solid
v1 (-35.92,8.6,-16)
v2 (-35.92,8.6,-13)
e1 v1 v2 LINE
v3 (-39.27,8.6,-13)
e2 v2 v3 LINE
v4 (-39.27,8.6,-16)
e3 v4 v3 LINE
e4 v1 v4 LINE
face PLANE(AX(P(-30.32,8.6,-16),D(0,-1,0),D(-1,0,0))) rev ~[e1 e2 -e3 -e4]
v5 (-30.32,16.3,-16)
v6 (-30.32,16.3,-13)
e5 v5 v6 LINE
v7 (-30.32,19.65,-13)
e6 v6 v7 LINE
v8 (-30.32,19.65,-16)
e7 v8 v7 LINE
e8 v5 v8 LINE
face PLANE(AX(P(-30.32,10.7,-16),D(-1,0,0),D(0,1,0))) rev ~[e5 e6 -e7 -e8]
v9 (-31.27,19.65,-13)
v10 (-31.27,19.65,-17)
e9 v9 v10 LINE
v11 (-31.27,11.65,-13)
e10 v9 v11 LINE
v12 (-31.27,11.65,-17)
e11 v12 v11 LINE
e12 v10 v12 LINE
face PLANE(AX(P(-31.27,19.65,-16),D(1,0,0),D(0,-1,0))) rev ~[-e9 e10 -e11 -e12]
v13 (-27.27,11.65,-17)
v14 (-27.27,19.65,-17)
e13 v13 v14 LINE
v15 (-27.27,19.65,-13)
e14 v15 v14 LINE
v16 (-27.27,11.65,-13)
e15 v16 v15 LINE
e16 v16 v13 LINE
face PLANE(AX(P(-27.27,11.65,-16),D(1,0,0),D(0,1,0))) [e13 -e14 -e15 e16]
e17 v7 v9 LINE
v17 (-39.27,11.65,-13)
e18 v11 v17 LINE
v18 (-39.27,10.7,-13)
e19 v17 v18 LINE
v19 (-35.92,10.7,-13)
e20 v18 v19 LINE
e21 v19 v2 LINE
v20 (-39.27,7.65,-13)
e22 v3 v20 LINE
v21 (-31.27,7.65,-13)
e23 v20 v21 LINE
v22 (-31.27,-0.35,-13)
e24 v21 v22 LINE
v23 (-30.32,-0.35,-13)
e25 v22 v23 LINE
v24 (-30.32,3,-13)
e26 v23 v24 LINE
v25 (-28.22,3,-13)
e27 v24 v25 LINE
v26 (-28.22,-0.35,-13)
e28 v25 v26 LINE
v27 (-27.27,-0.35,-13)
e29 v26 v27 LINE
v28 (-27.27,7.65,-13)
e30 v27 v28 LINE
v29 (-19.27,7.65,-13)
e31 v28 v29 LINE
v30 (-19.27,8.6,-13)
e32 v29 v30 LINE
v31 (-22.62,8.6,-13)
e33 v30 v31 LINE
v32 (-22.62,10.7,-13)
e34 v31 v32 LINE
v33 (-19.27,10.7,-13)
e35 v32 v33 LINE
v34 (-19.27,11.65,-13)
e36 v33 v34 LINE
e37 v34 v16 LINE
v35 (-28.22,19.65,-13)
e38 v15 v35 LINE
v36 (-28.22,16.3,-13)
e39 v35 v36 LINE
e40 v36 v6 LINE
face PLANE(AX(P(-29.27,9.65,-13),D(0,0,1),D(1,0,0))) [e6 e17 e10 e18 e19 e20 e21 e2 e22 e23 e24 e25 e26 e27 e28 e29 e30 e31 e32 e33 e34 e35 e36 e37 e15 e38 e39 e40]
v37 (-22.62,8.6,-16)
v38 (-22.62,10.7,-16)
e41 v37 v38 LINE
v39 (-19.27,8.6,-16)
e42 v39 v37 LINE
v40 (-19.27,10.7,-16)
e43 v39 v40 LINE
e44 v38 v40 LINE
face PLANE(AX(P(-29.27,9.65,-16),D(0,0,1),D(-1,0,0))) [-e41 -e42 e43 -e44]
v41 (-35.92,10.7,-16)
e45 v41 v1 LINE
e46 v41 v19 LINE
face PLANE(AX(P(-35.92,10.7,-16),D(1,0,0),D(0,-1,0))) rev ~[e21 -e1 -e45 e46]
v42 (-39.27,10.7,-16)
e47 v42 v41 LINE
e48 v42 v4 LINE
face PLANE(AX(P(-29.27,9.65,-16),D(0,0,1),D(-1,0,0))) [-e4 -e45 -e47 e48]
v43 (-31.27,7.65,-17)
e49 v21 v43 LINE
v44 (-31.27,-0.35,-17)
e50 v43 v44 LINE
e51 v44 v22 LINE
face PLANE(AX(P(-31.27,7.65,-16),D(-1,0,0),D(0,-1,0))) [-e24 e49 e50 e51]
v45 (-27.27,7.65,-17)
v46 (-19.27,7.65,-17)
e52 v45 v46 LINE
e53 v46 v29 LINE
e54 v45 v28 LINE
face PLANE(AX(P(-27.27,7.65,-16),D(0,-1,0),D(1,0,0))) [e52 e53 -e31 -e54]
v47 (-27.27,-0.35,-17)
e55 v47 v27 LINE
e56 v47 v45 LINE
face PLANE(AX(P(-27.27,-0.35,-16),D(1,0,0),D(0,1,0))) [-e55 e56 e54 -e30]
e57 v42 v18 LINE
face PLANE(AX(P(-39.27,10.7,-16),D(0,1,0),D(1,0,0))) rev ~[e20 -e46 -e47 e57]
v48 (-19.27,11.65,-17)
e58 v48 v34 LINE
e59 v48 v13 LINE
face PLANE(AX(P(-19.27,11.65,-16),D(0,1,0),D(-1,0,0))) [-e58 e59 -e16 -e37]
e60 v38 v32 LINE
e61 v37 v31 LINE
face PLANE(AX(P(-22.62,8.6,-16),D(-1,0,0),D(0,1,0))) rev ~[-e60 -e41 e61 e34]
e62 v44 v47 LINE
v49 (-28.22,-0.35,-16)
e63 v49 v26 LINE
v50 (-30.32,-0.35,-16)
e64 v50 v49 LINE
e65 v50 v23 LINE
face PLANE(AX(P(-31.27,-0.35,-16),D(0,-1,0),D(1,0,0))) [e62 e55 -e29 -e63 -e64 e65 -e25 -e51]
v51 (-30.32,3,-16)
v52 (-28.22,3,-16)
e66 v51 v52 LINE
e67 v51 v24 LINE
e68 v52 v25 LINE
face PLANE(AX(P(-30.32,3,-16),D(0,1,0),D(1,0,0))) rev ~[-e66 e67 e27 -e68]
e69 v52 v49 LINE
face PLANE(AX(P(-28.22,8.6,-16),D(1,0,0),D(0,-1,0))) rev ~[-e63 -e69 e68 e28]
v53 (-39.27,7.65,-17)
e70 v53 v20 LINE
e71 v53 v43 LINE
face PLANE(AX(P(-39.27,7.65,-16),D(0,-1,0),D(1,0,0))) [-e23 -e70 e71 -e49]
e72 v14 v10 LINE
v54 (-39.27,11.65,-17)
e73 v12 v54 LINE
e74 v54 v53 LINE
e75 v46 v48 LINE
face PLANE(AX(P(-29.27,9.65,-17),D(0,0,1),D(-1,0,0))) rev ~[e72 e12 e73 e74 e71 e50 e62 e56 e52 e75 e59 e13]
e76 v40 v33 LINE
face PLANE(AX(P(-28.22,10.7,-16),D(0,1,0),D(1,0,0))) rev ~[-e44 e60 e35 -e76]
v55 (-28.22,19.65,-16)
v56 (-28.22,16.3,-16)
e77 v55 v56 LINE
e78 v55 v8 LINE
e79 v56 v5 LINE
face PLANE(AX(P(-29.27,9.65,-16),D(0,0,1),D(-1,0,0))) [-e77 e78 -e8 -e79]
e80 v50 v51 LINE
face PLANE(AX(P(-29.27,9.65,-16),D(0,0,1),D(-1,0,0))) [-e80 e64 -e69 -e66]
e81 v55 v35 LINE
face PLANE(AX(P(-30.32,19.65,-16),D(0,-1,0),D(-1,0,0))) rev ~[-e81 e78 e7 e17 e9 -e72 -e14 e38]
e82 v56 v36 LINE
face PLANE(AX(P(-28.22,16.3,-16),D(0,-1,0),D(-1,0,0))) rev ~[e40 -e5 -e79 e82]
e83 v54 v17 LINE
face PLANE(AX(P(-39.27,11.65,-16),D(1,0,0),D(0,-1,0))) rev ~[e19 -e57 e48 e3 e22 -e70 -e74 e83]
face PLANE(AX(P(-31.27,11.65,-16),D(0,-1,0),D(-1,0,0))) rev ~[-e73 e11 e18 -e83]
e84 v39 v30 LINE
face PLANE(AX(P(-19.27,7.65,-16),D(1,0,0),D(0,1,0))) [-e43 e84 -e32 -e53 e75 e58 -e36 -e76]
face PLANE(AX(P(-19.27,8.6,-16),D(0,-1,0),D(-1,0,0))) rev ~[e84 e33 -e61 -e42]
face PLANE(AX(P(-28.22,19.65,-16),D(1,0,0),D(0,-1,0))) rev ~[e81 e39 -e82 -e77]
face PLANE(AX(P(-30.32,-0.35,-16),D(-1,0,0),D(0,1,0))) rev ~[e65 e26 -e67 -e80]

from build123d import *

# Parameters (mm, degrees)
PAD319_DEPTH            = 1
PAD320_DEPTH            = 3
PAD321_DEPTH            = 3
BODY053_PLACEMENT_ANGLE = 180


with BuildPart() as part:
    # Sketch476 → Pad319 (new body)
    with BuildSketch(Plane.XY.offset(-28)):
        Polygon((-2, 2), (-2, 10), (2, 10), (2, 2), (10, 2), (10, -2), (2, -2), (2, -10), (-2, -10), (-2, -2), (-10, -2), (-10, 2), align=None)
    extrude(amount=PAD319_DEPTH)

    # Sketch477 (on Face13 of Pad319) → Pad320 (join)
    with BuildSketch(Plane(origin=(0, 0, -28), x_dir=(1, 0, 0), z_dir=(0, 0, -1))):
        Polygon((-2, 10), (-2, 2), (-10, 2), (-10, 1.05), (-1.05, 1.05), (-1.05, 10), align=None)
        Polygon((-10, -2), (-2, -2), (-2, -10), (-1.05, -10), (-1.05, -1.05), (-10, -1.05), align=None)
        Polygon((2, -10), (2, -2), (10, -2), (10, -1.05), (1.05, -1.05), (1.05, -10), align=None)
        Polygon((10, 2), (2, 2), (2, 10), (1.05, 10), (1.05, 1.05), (10, 1.05), align=None)
    extrude(amount=PAD320_DEPTH)

    # Sketch478 (on Face3 of Pad320) → Pad321 (join)
    with BuildSketch(Plane(origin=(0, 0, -28), x_dir=(1, 0, 0), z_dir=(0, 0, -1))):
        Polygon((-6.65, 1.05), (-6.65, -1.05), (-1.05, -1.05), (-1.05, -6.65), (1.05, -6.65), (1.05, -1.05), (6.65, -1.05), (6.65, 1.05), (1.05, 1.05), (1.05, 6.65), (-1.05, 6.65), (-1.05, 1.05), align=None)
    extrude(amount=PAD321_DEPTH)


with BuildPart() as part_1:
    # Body053 placement: moved
    add(part.part.moved(Location((-29.27, 9.65, -44))).rotate(Axis((-29.27, 9.65, -44), (1, 0, 0)), BODY053_PLACEMENT_ANGLE))


solid = part_1.part
